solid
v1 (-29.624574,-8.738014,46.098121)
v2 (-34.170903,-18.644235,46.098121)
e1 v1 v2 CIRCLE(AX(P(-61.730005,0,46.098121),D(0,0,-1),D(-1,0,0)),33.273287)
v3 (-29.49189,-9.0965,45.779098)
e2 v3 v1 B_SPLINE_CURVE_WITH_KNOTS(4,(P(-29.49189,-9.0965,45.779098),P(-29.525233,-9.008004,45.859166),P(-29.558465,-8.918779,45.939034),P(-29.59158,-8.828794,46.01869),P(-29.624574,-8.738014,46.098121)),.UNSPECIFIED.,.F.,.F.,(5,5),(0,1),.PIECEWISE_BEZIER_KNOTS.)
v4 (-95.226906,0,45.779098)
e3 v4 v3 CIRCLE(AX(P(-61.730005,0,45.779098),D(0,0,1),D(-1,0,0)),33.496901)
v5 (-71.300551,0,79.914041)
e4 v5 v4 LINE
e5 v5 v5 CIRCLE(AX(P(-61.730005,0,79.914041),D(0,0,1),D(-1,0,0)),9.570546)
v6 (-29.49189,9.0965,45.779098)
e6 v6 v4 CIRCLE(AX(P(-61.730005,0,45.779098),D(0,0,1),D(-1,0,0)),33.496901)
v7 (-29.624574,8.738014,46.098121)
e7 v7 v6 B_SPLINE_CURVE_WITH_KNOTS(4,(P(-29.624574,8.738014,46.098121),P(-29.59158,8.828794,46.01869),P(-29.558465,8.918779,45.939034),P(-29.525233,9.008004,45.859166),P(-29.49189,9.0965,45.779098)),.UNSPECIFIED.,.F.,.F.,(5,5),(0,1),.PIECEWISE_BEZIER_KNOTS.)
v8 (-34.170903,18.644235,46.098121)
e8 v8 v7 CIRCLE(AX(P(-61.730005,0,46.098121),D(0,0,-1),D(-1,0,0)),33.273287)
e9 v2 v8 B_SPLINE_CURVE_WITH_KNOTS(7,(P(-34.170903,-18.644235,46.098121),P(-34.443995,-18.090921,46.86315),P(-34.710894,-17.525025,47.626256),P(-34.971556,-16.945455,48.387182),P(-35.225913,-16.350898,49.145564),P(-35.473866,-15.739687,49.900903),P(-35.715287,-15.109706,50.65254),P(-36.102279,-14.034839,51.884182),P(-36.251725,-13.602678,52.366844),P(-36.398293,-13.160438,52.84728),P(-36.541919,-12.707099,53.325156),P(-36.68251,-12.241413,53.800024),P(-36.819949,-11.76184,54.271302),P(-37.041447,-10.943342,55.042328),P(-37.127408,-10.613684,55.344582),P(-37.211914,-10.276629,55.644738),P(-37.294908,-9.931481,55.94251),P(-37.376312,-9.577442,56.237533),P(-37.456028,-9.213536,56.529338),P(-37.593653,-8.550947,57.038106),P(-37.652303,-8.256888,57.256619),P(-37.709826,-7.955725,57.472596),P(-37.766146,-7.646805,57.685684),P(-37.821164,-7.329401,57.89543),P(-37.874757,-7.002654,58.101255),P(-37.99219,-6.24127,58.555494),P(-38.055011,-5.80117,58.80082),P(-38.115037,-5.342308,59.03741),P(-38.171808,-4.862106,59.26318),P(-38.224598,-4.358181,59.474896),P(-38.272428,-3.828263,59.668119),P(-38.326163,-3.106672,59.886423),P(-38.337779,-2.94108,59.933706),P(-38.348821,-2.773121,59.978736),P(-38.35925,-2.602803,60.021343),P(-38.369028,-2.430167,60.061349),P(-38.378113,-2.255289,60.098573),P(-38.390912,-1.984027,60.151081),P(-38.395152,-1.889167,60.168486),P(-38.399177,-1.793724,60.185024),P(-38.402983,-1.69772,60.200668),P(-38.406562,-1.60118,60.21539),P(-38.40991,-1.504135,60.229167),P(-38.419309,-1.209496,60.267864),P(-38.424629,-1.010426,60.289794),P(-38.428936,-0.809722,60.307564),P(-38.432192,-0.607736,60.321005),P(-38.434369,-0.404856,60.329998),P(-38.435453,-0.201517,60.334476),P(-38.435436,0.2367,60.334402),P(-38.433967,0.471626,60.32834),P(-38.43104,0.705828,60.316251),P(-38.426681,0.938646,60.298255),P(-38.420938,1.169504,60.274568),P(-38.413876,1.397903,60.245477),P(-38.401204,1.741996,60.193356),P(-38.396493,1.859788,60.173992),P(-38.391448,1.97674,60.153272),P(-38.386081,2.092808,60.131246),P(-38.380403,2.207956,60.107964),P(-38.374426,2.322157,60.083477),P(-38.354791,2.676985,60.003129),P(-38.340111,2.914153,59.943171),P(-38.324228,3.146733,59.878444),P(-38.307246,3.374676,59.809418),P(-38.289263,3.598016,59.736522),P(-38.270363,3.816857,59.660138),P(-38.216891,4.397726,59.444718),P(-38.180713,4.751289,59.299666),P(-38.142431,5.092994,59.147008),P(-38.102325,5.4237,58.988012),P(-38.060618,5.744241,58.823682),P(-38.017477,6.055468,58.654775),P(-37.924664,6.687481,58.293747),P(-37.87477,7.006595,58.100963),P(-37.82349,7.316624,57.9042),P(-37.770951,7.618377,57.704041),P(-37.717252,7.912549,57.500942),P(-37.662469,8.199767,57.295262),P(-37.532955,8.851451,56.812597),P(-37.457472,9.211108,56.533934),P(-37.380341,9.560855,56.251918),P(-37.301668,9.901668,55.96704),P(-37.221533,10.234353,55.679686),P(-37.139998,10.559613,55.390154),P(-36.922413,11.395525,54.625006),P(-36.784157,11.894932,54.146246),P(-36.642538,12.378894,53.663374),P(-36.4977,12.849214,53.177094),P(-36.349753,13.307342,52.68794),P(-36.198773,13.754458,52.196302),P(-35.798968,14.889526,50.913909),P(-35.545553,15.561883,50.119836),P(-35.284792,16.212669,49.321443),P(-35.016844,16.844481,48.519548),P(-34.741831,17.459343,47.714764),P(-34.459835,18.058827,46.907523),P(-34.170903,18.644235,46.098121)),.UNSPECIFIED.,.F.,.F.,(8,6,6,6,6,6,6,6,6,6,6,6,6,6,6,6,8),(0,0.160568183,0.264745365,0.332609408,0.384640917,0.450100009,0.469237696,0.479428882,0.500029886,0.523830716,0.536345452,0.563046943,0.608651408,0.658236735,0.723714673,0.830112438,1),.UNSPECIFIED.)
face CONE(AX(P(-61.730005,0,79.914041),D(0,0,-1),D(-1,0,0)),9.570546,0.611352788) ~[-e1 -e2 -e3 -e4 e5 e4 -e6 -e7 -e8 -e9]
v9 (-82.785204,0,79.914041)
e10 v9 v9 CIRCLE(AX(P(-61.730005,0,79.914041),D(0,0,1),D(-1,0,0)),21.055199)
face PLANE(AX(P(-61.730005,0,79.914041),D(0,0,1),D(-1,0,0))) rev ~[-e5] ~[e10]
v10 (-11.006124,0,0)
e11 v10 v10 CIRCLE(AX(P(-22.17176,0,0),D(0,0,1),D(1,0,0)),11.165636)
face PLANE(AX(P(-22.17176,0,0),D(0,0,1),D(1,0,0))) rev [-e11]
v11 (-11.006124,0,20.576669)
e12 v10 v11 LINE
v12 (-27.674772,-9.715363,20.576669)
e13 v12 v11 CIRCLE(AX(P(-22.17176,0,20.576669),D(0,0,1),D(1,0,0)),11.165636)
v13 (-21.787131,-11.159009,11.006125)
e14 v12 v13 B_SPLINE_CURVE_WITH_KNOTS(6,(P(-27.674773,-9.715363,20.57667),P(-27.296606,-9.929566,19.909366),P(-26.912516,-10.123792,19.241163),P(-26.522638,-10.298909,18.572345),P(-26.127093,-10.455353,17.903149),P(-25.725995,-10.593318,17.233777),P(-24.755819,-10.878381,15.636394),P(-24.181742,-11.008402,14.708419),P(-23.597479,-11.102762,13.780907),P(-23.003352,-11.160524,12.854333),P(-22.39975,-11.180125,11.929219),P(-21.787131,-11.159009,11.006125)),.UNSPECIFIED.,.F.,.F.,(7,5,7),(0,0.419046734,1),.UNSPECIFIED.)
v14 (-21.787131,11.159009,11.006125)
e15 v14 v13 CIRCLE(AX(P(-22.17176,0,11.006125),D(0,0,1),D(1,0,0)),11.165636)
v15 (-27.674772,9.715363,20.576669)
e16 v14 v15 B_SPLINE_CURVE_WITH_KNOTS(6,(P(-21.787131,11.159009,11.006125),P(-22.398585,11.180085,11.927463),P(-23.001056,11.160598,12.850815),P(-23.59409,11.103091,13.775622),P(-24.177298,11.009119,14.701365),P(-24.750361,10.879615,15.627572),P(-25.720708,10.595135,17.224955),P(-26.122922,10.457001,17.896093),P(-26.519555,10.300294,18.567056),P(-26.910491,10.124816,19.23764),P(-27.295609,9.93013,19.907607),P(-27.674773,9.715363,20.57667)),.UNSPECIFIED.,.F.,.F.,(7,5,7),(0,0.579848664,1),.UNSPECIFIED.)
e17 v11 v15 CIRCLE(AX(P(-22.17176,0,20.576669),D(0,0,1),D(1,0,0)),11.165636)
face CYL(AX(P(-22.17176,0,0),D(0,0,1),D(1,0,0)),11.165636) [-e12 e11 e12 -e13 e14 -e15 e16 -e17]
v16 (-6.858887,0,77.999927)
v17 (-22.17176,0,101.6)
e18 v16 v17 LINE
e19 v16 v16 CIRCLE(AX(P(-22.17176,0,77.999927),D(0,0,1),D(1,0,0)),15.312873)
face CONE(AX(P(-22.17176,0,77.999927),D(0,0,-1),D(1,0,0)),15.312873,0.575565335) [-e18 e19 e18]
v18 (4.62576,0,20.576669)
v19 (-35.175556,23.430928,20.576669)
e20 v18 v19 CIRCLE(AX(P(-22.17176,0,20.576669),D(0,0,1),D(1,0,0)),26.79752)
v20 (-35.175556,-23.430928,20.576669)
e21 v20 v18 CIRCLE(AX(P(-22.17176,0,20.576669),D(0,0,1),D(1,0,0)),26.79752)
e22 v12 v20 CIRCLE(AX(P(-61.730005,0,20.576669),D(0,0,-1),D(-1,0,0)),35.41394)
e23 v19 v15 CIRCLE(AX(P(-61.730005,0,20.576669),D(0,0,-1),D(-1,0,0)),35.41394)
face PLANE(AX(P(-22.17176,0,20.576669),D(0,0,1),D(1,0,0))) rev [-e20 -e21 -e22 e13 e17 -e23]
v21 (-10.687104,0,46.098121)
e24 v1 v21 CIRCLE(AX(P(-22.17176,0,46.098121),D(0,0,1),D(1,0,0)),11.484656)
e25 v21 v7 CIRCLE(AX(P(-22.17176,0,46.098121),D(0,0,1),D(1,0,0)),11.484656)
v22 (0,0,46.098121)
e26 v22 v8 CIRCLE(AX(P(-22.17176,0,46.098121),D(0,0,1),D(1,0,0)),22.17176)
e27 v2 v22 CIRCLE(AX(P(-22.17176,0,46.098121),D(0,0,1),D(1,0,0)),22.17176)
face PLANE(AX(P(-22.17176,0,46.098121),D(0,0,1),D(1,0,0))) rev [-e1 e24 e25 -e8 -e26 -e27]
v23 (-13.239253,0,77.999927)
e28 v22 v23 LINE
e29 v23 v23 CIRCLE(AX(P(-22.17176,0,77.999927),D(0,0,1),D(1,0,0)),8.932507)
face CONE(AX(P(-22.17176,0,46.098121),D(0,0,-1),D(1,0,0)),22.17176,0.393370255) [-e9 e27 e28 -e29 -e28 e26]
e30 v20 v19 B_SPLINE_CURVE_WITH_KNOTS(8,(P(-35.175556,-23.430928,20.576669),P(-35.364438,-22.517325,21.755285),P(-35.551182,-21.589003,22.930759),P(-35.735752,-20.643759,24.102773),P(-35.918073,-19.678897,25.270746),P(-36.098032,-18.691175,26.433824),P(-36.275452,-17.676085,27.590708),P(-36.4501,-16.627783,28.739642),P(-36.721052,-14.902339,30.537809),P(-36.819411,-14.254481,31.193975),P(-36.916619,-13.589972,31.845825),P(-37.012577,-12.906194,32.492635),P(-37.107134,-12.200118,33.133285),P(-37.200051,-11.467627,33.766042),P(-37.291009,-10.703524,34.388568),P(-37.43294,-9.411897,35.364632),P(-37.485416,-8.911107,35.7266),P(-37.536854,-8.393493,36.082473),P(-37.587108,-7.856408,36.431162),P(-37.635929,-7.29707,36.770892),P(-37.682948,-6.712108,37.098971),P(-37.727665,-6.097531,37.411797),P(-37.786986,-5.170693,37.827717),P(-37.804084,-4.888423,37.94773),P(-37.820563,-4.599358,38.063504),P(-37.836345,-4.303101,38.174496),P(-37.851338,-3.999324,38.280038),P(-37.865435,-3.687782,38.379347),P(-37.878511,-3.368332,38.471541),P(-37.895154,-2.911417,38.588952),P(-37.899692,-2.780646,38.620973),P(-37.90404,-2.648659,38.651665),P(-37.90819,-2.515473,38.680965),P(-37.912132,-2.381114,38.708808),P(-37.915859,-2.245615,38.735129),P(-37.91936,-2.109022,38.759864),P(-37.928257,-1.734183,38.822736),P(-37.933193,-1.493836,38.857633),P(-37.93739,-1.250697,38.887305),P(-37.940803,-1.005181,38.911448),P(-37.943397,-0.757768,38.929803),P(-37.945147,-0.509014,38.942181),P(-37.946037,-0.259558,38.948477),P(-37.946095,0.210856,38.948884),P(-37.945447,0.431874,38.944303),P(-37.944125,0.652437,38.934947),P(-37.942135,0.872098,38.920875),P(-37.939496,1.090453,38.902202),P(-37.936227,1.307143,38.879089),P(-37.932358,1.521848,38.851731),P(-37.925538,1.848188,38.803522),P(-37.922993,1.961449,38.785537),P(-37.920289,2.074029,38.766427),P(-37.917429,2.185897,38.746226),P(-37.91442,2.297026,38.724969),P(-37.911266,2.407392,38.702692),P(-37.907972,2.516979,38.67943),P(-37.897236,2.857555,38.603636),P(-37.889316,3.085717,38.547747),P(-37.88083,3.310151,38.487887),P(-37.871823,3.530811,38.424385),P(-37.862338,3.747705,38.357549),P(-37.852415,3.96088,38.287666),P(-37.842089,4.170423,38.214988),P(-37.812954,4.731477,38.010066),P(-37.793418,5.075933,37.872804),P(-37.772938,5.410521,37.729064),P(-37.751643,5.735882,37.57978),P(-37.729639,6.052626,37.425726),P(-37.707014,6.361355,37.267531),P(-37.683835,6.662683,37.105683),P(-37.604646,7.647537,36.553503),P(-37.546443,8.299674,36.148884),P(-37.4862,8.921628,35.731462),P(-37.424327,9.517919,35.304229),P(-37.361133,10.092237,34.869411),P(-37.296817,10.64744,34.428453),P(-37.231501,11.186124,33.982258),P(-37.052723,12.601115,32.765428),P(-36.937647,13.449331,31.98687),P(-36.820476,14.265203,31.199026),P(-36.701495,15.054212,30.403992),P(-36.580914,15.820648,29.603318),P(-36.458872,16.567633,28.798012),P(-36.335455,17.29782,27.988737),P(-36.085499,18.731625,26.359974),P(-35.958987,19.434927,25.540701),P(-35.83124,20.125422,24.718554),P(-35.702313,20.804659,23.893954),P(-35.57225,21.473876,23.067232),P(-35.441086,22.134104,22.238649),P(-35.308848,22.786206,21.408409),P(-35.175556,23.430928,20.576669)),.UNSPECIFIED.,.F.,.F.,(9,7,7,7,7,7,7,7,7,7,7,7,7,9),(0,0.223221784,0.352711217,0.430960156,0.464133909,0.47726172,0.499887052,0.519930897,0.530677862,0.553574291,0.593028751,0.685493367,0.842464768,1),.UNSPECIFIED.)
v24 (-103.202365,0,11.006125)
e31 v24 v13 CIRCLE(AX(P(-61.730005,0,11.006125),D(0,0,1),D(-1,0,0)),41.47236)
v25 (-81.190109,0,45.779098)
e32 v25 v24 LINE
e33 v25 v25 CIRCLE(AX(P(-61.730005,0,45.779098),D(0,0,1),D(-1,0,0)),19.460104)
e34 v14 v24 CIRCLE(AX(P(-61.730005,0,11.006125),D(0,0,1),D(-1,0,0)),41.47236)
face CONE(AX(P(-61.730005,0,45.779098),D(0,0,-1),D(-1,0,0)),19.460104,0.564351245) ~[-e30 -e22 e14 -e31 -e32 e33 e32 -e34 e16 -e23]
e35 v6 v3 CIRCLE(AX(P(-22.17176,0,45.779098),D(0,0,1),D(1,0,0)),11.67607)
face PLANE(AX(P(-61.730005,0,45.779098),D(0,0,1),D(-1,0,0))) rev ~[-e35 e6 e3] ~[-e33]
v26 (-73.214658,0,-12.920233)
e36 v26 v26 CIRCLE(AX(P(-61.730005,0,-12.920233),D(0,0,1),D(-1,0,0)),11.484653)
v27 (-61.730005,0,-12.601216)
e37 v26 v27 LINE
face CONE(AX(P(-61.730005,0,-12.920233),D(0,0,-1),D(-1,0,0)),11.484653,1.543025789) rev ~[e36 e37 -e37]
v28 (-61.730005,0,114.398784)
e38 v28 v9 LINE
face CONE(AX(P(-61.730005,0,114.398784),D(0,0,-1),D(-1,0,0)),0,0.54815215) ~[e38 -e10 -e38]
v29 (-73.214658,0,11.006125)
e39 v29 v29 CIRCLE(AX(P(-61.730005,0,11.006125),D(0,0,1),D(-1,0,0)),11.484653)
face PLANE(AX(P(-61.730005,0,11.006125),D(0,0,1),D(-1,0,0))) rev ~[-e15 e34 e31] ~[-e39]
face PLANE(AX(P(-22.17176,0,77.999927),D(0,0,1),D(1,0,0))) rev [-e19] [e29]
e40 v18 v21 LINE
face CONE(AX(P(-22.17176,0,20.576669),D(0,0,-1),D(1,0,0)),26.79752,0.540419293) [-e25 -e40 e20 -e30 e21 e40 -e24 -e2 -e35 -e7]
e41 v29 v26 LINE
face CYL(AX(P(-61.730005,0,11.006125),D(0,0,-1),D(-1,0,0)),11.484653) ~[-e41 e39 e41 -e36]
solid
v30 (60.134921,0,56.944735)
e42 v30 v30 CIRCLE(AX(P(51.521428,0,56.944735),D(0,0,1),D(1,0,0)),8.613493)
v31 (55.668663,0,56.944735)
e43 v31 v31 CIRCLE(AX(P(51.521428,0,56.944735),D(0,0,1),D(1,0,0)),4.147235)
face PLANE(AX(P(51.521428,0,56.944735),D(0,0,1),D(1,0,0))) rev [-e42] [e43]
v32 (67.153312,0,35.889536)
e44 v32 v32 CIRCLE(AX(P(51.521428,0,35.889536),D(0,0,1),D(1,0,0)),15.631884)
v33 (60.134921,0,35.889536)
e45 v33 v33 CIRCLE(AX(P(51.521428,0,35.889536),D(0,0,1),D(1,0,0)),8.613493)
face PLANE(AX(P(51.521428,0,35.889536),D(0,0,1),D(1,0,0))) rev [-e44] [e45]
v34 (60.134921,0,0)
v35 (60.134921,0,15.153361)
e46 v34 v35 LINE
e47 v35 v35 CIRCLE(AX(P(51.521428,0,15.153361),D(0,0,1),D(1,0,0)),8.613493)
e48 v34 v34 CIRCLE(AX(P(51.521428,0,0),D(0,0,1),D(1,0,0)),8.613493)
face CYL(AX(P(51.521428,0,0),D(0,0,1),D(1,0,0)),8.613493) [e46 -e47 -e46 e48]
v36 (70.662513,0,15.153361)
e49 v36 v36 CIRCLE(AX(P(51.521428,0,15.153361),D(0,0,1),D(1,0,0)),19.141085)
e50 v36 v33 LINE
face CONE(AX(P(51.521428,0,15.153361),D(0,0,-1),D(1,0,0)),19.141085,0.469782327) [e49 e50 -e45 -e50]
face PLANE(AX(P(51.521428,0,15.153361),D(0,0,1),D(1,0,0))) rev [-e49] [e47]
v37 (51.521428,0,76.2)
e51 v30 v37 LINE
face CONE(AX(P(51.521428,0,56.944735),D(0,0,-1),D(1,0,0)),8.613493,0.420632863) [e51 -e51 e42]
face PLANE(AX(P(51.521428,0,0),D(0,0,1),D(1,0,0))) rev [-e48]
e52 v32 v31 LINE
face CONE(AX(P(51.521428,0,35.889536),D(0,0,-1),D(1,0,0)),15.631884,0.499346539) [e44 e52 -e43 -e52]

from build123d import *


with BuildPart() as f1:
    # F0 (on Front) → F1 (revolve)
    with BuildSketch(Plane.XZ):
        Polygon((-73.214658, -12.920233), (-61.730005, -12.601216), (-61.730005, 114.398784), (-82.785204, 79.914041), (-71.300551, 79.914041), (-95.226906, 45.779098), (-81.190109, 45.779098), (-103.202365, 11.006125), (-73.214658, 11.006125), align=None)
    revolve(axis=Axis((-61.730005, 0, 50.898784), (0, 0, 1)))

    # F0 (on Front) → F2 (revolve)
    with BuildSketch(Plane.XZ):
        Polygon((-22.17176, 101.6), (-22.17176, 0), (-11.006124, 0), (-11.006124, 20.576669), (4.62576, 20.576669), (-10.687104, 46.098121), (0, 46.098121), (-13.239253, 77.999927), (-6.858887, 77.999927), align=None)
    revolve(axis=Axis((-22.17176, 0, 50.8), (0, 0, 1)))


with BuildPart() as f3:
    # F0 (on Front) → F3 (revolve)
    with BuildSketch(Plane.XZ):
        Polygon((51.521428, 76.2), (51.521428, 0), (60.134921, 0), (60.134921, 15.153361), (70.662513, 15.153361), (60.134921, 35.889536), (67.153312, 35.889536), (55.668663, 56.944735), (60.134921, 56.944735), align=None)
    revolve(axis=Axis((51.521428, 0, 38.1), (0, 0, 1)))


solid = Compound([f1.part, f3.part])
